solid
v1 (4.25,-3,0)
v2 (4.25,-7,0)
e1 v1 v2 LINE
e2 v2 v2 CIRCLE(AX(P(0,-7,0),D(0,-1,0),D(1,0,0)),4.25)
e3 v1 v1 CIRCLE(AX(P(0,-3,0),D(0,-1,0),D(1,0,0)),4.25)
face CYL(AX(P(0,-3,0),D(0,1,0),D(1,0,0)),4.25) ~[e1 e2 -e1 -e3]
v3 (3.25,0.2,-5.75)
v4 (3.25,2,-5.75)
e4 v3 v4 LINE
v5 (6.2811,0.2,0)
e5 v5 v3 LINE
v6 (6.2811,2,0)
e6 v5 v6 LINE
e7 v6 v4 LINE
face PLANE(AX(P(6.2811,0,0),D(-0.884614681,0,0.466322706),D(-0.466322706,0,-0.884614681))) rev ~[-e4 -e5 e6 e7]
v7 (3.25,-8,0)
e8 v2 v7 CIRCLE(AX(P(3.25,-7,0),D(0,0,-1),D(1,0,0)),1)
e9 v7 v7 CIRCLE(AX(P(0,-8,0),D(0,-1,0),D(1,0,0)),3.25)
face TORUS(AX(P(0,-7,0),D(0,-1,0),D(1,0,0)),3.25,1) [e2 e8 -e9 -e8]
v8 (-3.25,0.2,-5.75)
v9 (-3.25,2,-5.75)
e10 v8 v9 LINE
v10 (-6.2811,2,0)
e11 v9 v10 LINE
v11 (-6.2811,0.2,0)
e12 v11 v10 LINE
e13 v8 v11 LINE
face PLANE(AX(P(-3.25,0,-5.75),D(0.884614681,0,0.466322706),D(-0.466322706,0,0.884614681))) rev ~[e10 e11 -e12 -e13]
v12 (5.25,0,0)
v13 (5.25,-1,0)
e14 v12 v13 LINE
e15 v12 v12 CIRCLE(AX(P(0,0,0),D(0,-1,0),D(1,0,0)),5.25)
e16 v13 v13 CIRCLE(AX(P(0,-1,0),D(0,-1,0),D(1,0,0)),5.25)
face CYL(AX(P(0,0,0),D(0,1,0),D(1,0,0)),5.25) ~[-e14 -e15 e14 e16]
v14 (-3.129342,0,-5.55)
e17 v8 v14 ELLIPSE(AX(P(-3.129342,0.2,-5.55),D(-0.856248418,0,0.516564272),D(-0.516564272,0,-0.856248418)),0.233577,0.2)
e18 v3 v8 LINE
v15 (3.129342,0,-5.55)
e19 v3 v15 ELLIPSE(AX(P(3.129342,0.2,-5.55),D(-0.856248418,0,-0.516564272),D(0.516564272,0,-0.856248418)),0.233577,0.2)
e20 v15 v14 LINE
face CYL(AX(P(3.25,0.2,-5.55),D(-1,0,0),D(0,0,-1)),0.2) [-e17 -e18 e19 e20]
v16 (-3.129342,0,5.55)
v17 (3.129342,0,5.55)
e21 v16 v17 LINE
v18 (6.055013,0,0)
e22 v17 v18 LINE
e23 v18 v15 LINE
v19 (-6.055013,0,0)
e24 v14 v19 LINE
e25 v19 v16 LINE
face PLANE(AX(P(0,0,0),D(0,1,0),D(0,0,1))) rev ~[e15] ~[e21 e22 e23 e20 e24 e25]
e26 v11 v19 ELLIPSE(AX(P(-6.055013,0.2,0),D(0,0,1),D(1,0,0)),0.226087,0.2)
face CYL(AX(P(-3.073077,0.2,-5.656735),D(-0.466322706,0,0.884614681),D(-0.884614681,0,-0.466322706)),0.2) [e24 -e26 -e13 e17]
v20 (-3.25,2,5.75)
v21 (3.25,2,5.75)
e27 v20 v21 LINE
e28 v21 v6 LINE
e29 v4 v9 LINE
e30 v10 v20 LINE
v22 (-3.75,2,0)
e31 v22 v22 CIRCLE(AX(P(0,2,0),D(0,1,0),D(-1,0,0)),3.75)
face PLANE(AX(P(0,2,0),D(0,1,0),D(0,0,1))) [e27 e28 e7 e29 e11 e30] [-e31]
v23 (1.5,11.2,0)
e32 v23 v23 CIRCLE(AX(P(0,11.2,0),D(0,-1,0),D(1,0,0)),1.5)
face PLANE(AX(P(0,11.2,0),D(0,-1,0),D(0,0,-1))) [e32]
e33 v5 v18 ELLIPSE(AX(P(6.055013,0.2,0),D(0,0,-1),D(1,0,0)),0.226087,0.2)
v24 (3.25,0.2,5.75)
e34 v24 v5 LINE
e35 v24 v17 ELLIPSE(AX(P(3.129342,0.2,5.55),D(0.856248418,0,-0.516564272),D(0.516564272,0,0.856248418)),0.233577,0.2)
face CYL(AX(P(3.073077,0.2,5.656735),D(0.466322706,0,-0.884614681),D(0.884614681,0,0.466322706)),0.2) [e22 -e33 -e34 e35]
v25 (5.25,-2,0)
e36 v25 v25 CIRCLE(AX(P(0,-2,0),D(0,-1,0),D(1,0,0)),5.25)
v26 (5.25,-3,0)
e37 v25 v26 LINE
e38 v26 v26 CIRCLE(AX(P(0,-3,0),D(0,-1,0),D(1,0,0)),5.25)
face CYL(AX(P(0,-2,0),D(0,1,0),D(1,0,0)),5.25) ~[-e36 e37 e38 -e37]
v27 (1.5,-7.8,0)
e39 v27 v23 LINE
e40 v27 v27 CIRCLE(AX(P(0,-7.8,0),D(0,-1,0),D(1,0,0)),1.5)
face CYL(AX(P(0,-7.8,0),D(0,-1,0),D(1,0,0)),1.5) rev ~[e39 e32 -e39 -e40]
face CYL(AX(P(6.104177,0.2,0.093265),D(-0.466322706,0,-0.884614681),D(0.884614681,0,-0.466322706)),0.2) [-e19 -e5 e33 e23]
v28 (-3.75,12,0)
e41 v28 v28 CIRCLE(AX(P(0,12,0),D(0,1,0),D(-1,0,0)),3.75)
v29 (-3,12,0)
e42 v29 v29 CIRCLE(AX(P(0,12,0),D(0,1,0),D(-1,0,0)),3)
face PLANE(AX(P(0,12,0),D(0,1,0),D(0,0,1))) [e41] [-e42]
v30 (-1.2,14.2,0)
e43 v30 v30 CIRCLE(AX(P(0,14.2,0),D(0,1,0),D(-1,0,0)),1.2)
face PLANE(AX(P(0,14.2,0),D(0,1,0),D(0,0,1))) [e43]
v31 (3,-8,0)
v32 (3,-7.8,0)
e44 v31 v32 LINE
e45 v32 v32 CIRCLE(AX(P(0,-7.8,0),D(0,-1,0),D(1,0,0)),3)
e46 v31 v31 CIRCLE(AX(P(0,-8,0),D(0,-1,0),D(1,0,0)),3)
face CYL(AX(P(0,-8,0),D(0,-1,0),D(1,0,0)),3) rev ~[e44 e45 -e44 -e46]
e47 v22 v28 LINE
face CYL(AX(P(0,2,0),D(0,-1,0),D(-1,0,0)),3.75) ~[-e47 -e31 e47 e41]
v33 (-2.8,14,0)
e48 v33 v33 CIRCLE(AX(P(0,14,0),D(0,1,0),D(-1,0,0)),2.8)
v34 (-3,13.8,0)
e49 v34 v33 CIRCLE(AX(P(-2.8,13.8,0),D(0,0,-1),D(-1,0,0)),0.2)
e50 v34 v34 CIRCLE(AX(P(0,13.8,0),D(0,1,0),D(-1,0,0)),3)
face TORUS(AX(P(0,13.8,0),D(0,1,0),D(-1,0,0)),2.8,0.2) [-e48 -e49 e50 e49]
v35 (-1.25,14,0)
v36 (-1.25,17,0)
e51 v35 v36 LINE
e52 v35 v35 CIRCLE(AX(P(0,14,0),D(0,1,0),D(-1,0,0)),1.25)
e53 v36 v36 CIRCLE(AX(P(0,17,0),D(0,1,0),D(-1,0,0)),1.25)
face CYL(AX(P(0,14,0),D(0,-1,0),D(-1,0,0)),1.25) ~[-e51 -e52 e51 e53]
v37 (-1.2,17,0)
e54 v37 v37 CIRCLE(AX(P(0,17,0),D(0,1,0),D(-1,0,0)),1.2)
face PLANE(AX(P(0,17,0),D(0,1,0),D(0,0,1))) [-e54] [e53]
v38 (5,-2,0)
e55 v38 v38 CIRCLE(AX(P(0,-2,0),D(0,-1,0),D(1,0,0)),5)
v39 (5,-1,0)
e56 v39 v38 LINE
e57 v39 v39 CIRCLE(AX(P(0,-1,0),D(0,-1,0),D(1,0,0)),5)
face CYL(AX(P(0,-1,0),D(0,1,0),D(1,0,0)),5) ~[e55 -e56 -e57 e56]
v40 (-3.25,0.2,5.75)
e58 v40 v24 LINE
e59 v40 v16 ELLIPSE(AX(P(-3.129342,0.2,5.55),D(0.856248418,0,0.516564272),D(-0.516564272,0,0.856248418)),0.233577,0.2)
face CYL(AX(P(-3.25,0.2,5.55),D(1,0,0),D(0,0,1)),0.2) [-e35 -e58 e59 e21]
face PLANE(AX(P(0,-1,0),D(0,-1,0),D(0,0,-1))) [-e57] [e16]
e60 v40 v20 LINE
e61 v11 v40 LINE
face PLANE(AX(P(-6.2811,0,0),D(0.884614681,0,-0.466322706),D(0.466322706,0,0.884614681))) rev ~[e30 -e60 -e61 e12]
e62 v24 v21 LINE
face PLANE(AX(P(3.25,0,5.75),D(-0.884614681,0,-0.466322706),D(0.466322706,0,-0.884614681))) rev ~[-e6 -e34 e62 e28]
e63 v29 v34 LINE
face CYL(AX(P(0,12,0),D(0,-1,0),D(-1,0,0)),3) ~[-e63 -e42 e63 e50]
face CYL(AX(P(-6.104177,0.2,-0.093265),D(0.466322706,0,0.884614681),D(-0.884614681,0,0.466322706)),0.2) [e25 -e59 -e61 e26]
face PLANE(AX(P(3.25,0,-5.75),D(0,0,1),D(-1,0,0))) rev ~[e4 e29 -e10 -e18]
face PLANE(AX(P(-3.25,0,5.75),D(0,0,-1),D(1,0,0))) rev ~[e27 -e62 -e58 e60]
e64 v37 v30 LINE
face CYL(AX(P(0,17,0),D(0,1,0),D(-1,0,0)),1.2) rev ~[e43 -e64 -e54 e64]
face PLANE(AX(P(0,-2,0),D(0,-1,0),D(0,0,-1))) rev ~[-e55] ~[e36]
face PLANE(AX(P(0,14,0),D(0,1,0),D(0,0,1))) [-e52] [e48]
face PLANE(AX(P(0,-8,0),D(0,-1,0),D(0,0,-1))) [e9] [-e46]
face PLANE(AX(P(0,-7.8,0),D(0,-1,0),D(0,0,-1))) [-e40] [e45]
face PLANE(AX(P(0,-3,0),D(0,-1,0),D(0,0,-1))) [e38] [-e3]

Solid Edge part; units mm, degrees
sketch "Sketch1" plane through (0, 0, 0) normal (0, -1, 0) x (1, 0, 0)
  line L0 (-3.25, 5.75) -> (3.25, 5.75)
  line L1 (3.25, 5.75) -> (6.2811, 0)
  line L2 (6.2811, 0) -> (3.25, -5.75)
  line L3 (3.25, -5.75) -> (-3.25, -5.75)
  line L4 (-3.25, -5.75) -> (-6.2811, 0)
  line L5 (-6.2811, 0) -> (-3.25, 5.75)
  dimension "D1" = 6.5
  dimension "D2" = 6.5
  dimension "D3" = 6.5
  dimension "D4" = 5.75
  dimension "D5" = 5.75
  dimension "D6" = 6.5
  dimension "D7" = 3.25
  dimension "D8" = 3.25
  dimension "D9" = 6.5
  dimension "D10" = 6.5
  dimension "D11" = 5.75
  dimension "D12" = 5.75
extrude "Protrusion1" add sketch "Sketch1" against normal blind 2
fillet "Verrundung_1" radius 0.2 6 edges at (-4.7655, 0, 2.875) (0, 0, 5.75) (4.7655, 0, 2.875) (4.7655, 0, -2.875) (0, 0, -5.75) (-4.7655, 0, -2.875)
sketch "Sketch2" plane through (0, 0, 0) normal (0, -1, 0) x (1, 0, 0)
  circle A0 centre (0, 0) radius 5.25
extrude "Ausprägung_2" add sketch "Sketch2" along normal blind 1
sketch "Sketch3" plane through (0, -1, 0) normal (0, -1, 0) x (1, 0, 0)
  circle A0 centre (0, 0) radius 5
extrude "Ausprägung_3" add sketch "Sketch3" along normal blind 1
sketch "Sketch4" plane through (0, -2, 0) normal (0, -1, 0) x (1, 0, 0)
  circle A0 centre (0, 0) radius 5.25
extrude "Ausprägung_4" add sketch "Sketch4" along normal blind 1
sketch "Sketch5" plane through (0, -3, 0) normal (0, -1, 0) x (1, 0, 0)
  circle A0 centre (0, 0) radius 4.25
extrude "Ausprägung_5" add sketch "Sketch5" along normal blind 5
sketch "Sketch6" plane through (0, -8, 0) normal (0, -1, 0) x (1, 0, 0)
  circle A0 centre (0, 0) radius 3
extrude "Ausschnitt_2" cut sketch "Sketch6" against normal blind 0.2
sketch "Sketch7" plane through (0, 2, 0) normal (0, 1, 0) x (-1, 0, 0)
  circle A0 centre (0, 0) radius 3.75
extrude "Ausprägung_6" add sketch "Sketch7" along normal blind 10
sketch "Sketch8" plane through (0, 12, 0) normal (0, 1, 0) x (-1, 0, 0)
  circle A0 centre (0, 0) radius 3
extrude "Ausprägung_7" add sketch "Sketch8" along normal blind 2
sketch "Sketch9" plane through (0, 14, 0) normal (0, 1, 0) x (-1, 0, 0)
  circle A0 centre (0, 0) radius 1.25
extrude "Ausprägung_8" add sketch "Sketch9" along normal blind 3
sketch "Sketch10" plane through (0, 17, 0) normal (0, 1, 0) x (-1, 0, 0)
  circle A0 centre (0, 0) radius 1.2
extrude "Ausschnitt_3" cut sketch "Sketch10" against normal blind 2.8
sketch "Sketch11" plane through (0, -7.8, 0) normal (0, -1, 0) x (1, 0, 0)
  circle A0 centre (0, 0) radius 1.5
extrude "Ausschnitt_4" cut sketch "Sketch11" against normal blind 19
fillet "Verrundung_2" radius 1 1 edges at (-4.25, -8, 0)
fillet "Verrundung_3" radius 0.2 1 edges at (3, 14, 0)
